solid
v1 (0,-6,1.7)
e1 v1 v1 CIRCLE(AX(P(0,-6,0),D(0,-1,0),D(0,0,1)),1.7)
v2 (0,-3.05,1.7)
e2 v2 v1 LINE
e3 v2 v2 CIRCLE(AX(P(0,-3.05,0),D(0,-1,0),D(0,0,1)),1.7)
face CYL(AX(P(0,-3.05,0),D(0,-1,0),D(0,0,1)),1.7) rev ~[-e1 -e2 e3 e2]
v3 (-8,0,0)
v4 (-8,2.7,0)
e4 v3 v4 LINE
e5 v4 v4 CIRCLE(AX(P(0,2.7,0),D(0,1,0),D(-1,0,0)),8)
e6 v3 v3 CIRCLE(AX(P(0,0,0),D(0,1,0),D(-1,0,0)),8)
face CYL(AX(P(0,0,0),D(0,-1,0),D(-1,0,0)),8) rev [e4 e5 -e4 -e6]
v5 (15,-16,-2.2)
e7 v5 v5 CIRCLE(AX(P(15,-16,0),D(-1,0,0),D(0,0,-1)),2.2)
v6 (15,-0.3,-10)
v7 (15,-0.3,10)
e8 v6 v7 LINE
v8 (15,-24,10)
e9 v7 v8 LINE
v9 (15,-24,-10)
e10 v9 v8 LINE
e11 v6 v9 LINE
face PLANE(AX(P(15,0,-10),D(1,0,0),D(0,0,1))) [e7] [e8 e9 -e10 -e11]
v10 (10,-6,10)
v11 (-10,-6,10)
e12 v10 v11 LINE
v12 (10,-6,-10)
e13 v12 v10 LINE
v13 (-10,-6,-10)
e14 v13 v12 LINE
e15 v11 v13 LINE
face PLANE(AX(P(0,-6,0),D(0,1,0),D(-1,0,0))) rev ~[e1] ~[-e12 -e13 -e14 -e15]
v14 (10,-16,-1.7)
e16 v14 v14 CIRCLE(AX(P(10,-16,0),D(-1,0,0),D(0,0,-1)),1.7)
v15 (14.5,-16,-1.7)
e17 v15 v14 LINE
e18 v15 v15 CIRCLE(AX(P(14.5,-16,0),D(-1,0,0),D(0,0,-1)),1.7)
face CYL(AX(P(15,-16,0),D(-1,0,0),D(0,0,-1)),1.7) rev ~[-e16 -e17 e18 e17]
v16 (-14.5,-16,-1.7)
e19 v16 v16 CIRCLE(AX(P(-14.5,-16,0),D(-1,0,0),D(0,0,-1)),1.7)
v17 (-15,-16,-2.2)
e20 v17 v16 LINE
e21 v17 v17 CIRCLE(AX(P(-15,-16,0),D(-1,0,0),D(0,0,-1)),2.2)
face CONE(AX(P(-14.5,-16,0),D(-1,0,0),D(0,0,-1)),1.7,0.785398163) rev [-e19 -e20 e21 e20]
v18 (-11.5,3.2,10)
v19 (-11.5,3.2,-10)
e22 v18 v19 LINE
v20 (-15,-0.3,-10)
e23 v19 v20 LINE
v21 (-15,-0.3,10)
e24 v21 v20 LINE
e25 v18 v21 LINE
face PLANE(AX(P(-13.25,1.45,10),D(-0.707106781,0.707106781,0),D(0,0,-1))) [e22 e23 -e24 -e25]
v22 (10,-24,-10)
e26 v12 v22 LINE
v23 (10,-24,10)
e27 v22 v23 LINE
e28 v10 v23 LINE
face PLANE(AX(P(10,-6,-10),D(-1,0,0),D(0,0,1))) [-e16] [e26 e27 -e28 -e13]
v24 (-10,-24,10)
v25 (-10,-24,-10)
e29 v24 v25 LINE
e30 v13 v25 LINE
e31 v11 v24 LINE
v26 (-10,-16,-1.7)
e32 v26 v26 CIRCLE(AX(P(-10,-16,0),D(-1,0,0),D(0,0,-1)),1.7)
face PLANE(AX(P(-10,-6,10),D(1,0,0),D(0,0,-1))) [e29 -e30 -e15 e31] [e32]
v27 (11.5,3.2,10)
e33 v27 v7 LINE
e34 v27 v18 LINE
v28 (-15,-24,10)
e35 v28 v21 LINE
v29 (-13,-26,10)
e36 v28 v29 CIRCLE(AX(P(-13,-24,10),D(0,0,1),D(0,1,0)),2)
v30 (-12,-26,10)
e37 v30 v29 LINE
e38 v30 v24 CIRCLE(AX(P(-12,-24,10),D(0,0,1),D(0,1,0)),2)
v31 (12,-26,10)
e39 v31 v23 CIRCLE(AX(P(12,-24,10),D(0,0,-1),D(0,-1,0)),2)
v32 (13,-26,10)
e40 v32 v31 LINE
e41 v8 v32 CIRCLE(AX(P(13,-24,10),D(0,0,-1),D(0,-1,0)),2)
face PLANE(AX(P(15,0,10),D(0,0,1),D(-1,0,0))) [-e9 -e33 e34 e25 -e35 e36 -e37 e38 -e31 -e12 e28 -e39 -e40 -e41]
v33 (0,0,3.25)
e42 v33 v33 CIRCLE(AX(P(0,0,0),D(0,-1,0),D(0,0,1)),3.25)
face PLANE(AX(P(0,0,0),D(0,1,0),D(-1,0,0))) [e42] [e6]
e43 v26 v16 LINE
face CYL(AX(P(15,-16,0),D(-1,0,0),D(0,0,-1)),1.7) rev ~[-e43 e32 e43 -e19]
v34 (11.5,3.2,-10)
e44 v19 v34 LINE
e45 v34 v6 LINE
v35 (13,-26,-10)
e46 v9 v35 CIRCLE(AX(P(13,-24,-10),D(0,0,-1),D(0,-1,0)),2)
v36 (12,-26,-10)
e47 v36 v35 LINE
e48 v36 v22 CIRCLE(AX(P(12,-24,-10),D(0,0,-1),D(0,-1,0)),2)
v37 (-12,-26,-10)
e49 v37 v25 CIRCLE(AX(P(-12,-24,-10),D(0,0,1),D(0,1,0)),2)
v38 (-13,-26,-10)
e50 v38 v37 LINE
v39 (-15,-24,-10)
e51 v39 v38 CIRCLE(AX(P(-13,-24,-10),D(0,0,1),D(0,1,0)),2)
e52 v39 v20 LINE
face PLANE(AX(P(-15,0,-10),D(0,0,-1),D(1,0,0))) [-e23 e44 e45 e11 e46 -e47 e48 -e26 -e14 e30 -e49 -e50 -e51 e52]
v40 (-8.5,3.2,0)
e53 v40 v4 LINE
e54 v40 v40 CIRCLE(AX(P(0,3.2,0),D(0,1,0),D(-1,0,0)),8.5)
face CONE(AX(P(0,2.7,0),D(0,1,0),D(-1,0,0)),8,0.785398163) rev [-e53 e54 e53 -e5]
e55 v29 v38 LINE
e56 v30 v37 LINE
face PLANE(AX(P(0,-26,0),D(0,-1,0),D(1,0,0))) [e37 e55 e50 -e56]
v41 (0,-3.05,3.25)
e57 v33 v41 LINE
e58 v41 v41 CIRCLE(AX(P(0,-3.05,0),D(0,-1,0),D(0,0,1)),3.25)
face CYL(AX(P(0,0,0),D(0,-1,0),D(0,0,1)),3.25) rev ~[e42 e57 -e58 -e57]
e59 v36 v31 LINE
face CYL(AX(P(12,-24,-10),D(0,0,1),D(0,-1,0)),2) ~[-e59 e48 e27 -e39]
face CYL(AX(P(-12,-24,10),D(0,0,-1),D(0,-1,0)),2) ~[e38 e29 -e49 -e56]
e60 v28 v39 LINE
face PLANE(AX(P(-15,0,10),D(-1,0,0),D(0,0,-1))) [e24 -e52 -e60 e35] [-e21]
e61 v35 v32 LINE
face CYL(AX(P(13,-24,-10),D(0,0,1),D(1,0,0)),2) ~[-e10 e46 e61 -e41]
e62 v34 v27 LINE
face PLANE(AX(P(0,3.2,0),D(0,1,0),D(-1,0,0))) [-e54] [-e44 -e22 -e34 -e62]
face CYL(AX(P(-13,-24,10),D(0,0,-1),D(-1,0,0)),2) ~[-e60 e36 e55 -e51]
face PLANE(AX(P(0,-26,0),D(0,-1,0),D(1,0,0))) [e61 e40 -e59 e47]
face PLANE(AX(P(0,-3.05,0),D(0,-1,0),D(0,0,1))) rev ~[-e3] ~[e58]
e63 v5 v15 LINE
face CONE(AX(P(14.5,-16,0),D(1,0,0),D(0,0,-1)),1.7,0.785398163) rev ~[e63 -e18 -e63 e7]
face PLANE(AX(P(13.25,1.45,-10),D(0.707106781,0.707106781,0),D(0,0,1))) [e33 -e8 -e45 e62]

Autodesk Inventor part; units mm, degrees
ref_plane "YZ Plane" through (0, 0, 0) normal (1, 0, 0) x (0, 1, 0)
ref_plane "XZ Plane" through (0, 0, 0) normal (0, 1, 0) x (-1, 0, 0)
ref_plane "XY Plane" through (0, 0, 0) normal (0, 0, 1) x (1, 0, 0)
sketch "Sketch1" plane through (0, 0, 0) normal (0, 1, 0) x (-1, 0, 0)
  circle A0 centre (0, 0) radius 8
  line L0 (15, -10) -> (-15, -10)
  line L1 (-15, -10) -> (-15, 10)
  line L2 (-15, 10) -> (15, 10)
  line L3 (15, 10) -> (15, -10)
  point P0 (-15, 0)
  point P1 (0, -10)
  dimension "d0" = 30
  dimension "d1" = 16
  dimension "d2" = 20
extrude "Extrusion1" add sketch "Sketch1" against normal blind 6 contours A0 | L0 L1 L2 L3
extrude "Extrusion2" add sketch "Sketch1" along normal blind 3.2
hole "Hole1" at (0, 0, 0) direction (0, -1, 0) diameter 3.4 depth 10 counterbore diameter 6.5 counterbore depth 3.05 clearance for "Socket Head Cap Screw" size "M3" standard "Ansi Metric M Profile"
sketch "Sketch2" plane through (0, -6, 0) normal (0, -1, 0) x (1, 0, 0)
  circle A0 centre (0, 0) radius 1.7 projected
  line L0 (15, 10) -> (-15, 10) projected
  line L1 (-15, 10) -> (-15, -10) projected
  line L2 (-15, -10) -> (15, -10) projected
  line L3 (15, -10) -> (15, 10) projected
  line L4 (-15, 10) -> (-15, -10) projected
  line L5 (-15, 10) -> (-10, 10)
  line L6 (-10, 10) -> (-10, -10)
  line L7 (-10, -10) -> (-15, -10)
  line L8 (-15, -10) -> (-15, 10)
  line L9 (-15, -10) -> (15, -10) projected
  line L10 (15, 10) -> (-15, 10) projected
  line L11 (15, -10) -> (10, -10)
  line L12 (10, -10) -> (10, 10)
  line L13 (10, 10) -> (15, 10)
  line L14 (15, 10) -> (15, -10)
  point P0 (10, 10)
  dimension "d14" = 5
  dimension "d15" = 5
extrude "Extrusion3" add sketch "Sketch2" along normal blind 20 contours L3 L2 L12 L0 | L6 L2 L1 L0
chamfer "Chamfer1" distance 3.5 angle 45 2 edges at (15, 3.2, 0) (-15, 3.2, 0)
fillet "Fillet1" radius 2 4 edges at (-15, -26, 0) (-10, -26, 0) (10, -26, 0) (15, -26, 0)
sketch "Sketch3" plane through (15, -0.3, 10) normal (1, 0, 0) x (0, 0, -1)
  line L0 (20, -23.7) -> (0, -23.7) projected
  line L1 (20, -5.7) -> (20, -23.7) projected
  line L2 (0, -5.7) -> (20, -5.7) projected
  line L3 (0, -5.7) -> (0, -23.7) projected
  line L4 (0, -25.7) -> (20, -25.7) projected
  line L5 (20, -25.7) -> (0, -25.7) projected
  line L6 (0, -5.7) -> (0, -23.7) projected
  line L7 (0, -25.7) -> (0, -5.7)
  point P0 (10, 0.3)
  point P1 (0, -15.7)
  point P2 (10, -25.7)
  point P3 (10, -25.7)
  point P4 (10, -15.7)
hole "Hole2" at (15, -16, 0) direction (-1, 0, 0) diameter 3.4 end through all
chamfer "Chamfer2" distance 0.5 angle 45 3 edges at (8, 3.2, 0) (15, -16, 1.7) (-15, -16, 1.7)
equation "\"d15\" = d14"
properties part number "Magnet Mount"
